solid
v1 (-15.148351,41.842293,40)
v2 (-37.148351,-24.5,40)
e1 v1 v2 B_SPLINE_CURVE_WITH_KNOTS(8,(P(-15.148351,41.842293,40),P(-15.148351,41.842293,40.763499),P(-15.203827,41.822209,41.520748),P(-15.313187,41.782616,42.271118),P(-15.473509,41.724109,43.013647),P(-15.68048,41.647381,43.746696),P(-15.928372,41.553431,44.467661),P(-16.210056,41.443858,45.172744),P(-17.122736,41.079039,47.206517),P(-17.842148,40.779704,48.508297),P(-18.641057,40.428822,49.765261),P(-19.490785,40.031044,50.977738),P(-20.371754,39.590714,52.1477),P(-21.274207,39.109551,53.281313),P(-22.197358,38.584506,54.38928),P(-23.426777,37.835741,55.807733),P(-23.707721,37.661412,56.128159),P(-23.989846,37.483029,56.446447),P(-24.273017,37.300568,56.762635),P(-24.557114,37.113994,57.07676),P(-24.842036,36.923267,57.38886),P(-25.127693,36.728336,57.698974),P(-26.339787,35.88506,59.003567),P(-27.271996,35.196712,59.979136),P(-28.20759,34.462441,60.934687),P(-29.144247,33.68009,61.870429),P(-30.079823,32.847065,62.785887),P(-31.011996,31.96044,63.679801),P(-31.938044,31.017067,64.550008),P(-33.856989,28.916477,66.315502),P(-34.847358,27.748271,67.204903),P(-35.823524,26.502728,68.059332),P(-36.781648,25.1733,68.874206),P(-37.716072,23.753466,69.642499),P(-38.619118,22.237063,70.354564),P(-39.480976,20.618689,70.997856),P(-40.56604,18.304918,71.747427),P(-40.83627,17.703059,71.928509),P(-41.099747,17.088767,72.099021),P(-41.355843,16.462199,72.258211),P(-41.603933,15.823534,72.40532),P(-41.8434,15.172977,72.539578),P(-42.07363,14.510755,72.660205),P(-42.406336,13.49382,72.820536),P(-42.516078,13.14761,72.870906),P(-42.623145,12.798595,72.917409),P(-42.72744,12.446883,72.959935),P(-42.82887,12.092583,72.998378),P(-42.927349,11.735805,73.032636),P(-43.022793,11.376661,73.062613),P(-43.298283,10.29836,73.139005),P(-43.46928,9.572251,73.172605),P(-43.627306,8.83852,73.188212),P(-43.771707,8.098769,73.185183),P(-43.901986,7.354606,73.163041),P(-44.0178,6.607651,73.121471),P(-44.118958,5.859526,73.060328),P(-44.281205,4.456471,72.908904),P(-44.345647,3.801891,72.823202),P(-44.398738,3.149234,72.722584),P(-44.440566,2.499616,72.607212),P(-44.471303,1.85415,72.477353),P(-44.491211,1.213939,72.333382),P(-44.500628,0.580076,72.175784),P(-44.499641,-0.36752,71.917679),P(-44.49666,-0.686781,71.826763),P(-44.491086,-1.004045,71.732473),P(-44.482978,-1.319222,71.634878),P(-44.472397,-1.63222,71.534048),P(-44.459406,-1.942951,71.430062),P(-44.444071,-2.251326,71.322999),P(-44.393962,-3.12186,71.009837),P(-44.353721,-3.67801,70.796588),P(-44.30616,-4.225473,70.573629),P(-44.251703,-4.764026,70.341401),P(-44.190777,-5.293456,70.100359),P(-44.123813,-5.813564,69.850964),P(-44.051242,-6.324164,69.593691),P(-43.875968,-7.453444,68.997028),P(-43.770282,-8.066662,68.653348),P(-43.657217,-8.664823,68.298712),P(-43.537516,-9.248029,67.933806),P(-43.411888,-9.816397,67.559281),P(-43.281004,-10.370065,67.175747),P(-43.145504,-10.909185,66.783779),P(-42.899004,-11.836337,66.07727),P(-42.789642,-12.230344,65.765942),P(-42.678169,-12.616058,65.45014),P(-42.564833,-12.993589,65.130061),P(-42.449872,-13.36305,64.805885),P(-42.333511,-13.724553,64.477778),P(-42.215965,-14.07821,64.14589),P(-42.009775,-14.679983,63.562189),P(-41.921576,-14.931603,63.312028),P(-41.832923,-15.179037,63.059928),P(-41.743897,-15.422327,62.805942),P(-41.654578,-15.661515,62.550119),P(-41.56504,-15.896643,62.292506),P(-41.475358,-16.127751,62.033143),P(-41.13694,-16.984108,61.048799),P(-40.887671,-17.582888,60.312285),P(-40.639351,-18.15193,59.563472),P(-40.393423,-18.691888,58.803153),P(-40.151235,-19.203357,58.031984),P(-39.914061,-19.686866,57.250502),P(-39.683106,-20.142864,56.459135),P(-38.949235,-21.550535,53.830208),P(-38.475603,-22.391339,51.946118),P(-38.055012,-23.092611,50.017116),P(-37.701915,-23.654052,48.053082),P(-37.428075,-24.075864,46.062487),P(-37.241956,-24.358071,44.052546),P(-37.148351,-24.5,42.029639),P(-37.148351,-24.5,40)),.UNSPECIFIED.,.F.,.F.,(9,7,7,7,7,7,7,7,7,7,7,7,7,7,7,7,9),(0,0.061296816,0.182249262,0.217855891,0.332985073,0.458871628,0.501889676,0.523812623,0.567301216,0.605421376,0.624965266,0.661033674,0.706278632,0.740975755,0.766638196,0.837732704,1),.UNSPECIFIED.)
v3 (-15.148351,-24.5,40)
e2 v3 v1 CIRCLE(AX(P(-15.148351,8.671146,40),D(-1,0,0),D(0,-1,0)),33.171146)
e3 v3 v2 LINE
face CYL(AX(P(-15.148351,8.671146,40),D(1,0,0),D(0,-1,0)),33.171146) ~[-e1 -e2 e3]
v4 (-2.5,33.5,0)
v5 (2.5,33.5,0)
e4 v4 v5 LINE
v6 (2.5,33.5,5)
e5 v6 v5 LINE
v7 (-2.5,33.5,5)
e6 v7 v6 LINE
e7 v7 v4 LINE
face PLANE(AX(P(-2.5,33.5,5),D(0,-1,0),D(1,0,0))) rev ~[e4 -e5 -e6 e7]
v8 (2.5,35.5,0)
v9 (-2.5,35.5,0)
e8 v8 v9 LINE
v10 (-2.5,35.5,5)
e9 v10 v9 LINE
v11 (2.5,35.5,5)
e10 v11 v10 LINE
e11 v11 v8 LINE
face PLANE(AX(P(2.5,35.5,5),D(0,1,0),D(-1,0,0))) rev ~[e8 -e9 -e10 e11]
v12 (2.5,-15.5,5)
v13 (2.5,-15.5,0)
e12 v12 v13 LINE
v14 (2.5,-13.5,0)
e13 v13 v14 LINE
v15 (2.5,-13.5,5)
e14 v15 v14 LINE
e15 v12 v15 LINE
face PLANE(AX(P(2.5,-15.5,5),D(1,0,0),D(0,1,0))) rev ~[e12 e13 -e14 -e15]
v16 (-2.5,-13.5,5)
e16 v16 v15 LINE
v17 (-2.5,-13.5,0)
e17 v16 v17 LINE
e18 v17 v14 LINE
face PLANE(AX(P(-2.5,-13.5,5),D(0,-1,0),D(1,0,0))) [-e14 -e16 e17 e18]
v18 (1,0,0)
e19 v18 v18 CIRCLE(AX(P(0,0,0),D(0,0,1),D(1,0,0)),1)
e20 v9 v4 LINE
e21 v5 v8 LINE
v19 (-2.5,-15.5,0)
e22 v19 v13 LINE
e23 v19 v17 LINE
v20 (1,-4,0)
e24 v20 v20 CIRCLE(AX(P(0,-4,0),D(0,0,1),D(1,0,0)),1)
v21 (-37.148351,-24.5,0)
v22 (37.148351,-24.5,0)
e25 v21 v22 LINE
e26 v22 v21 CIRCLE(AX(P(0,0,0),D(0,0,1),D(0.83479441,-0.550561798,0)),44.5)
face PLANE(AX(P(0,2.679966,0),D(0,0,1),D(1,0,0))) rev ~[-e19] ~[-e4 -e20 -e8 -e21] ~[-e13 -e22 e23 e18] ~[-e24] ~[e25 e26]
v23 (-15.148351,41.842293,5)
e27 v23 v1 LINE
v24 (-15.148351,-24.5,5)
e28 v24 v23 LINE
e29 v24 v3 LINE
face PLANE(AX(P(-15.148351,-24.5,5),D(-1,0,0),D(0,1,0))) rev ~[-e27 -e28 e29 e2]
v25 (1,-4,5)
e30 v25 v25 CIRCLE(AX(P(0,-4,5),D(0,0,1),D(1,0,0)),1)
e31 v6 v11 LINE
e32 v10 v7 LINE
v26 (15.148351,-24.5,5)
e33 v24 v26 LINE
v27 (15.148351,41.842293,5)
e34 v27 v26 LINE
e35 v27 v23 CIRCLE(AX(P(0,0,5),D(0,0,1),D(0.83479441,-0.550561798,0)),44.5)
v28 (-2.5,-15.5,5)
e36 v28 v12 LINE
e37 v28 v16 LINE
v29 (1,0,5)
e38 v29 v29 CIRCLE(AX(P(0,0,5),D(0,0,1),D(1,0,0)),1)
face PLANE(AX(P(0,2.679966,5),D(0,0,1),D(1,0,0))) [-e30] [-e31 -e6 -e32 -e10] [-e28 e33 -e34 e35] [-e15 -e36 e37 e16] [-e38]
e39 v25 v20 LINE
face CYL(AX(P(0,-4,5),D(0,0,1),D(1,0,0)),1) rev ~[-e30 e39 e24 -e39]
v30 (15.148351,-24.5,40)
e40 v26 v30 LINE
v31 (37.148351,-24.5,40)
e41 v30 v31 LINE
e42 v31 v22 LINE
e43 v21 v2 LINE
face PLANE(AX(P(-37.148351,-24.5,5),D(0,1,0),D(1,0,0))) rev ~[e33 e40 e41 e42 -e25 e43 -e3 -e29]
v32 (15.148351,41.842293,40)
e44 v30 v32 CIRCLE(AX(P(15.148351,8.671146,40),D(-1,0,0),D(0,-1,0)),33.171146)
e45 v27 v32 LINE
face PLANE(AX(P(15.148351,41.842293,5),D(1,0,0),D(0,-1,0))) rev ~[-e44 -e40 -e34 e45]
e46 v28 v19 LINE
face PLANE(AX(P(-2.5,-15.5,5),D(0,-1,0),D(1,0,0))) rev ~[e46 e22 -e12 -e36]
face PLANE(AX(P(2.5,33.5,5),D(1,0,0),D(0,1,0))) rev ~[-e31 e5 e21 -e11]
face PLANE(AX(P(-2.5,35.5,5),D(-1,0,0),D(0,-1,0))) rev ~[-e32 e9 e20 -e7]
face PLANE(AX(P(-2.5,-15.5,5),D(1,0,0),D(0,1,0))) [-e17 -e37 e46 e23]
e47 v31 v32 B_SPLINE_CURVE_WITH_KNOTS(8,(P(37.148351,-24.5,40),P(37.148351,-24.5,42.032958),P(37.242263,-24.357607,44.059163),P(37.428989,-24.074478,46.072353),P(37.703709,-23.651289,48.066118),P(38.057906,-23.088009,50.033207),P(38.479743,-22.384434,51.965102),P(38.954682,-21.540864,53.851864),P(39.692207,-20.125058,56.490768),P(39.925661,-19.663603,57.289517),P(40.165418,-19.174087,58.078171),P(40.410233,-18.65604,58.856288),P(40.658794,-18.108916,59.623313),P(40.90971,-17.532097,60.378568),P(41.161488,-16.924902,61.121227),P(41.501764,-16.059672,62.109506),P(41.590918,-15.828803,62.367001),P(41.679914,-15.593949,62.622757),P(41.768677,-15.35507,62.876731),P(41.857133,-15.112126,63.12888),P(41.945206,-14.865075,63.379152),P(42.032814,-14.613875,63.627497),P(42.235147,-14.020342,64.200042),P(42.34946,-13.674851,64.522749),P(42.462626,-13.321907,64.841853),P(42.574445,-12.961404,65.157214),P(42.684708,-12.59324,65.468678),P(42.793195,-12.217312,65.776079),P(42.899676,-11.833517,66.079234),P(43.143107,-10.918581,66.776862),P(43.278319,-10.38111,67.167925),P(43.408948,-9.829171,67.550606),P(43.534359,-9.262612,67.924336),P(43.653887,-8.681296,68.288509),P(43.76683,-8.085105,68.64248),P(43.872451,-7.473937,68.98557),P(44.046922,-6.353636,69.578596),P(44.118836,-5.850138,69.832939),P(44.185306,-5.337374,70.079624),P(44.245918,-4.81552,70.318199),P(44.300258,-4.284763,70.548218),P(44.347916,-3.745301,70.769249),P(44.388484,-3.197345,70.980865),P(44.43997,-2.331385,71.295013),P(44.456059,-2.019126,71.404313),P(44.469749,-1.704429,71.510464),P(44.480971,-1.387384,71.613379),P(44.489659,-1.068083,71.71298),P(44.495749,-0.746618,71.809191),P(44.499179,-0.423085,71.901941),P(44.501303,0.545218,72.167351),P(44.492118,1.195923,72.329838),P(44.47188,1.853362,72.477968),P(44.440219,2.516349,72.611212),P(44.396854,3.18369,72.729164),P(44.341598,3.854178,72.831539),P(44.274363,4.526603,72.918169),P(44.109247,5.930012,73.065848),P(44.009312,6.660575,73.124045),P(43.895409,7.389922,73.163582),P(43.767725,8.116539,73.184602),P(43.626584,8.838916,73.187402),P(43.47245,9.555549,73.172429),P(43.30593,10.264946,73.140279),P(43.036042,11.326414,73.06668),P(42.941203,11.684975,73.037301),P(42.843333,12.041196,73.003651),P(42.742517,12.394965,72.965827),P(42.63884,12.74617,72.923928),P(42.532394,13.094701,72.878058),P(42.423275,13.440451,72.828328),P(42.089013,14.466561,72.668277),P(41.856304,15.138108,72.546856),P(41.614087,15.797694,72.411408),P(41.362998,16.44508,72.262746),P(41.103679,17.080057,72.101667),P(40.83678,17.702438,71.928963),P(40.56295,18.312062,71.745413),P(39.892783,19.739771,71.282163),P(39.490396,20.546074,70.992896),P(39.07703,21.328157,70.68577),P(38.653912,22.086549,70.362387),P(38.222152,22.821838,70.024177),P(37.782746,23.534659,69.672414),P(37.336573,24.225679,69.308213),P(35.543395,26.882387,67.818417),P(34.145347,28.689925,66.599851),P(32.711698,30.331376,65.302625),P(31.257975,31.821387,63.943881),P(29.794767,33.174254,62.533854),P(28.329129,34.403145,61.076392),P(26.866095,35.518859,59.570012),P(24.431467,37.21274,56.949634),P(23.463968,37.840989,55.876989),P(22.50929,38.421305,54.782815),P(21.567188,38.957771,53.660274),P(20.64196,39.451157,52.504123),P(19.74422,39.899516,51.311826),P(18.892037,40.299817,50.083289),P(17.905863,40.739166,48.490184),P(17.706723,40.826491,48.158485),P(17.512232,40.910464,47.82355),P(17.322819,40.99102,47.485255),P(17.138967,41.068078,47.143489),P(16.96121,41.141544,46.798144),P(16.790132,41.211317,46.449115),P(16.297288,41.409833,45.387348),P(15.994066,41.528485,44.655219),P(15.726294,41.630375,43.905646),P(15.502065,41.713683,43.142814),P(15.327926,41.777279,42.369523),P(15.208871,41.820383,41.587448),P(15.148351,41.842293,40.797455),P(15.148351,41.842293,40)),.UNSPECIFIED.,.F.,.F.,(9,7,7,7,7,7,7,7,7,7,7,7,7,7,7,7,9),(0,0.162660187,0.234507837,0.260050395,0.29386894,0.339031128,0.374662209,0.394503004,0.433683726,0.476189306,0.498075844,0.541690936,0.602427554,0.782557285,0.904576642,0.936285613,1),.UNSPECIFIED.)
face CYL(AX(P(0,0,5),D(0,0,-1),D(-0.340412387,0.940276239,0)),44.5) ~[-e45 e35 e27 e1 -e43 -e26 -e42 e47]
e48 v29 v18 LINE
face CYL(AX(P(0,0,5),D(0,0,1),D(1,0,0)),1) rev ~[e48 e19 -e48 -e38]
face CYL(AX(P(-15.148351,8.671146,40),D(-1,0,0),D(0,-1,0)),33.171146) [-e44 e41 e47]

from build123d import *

# Parameters (mm, degrees)
F1_DEPTH  = 5
F3_DEPTH  = 70
F5_DEPTH  = 29.352648758
F6_DEPTH  = 59.649351342
F7_W      = 5
F7_H      = 2
F8_DEPTH  = 5.0010001
F9_R      = 1
F10_DEPTH = 5.0010001


with BuildPart() as f1:
    # F0 (on Top) → F1 (new body)
    with BuildSketch(Plane.XY):
        with BuildLine():
            ThreePointArc((37.148351242, -24.5), (0, 44.5), (-37.148351242, -24.5))
            Line((-37.148351242, -24.5), (37.148351242, -24.5))
        make_face()
    extrude(amount=F1_DEPTH)

    # F2 (on face) → F3 (join)
    with BuildSketch(Plane.XY.offset(5)):
        with BuildLine():
            ThreePointArc((-15.148351242, 41.8422926553), (-42.2381488866, 14.0067404715), (-37.148351242, -24.5))
            Line((-37.148351242, -24.5), (-15.148351242, -24.5))
            Line((-15.148351242, -24.5), (-15.148351242, 41.8422926553))
        make_face()
        with BuildLine():
            Line((15.148351242, 41.8422926553), (15.148351242, -24.5))
            Line((15.148351242, -24.5), (37.148351242, -24.5))
            ThreePointArc((37.148351242, -24.5), (42.2381488866, 14.0067404715), (15.148351242, 41.8422926553))
        make_face()
    extrude(amount=F3_DEPTH)

    # F4 (on face) → F5 (cut, through all)
    with BuildSketch(Plane.YZ.offset(-15.148351242)):
        with BuildLine():
            ThreePointArc((-24.5, 40), (8.6711463276, 73.1711463276), (41.8422926553, 40))
            Line((41.8422926553, 40), (58.5, 40))
            Line((58.5, 40), (58.5, 90))
            Line((58.5, 90), (-45.5, 90))
            Line((-45.5, 90), (-45.5, 40))
            Line((-45.5, 40), (-24.5, 40))
        make_face()
    extrude(amount=-F5_DEPTH, mode=Mode.SUBTRACT)

    # F4 (on face) → F6 (cut, through all)
    with BuildSketch(Plane.YZ.offset(-15.148351242)):
        with BuildLine():
            ThreePointArc((-24.5, 40), (8.6711463276, 73.1711463276), (41.8422926553, 40))
            Line((41.8422926553, 40), (58.5, 40))
            Line((58.5, 40), (58.5, 90))
            Line((58.5, 90), (-45.5, 90))
            Line((-45.5, 90), (-45.5, 40))
            Line((-45.5, 40), (-24.5, 40))
        make_face()
    extrude(amount=F6_DEPTH, mode=Mode.SUBTRACT)

    # F7 (on face) → F8 (cut, through all)
    with BuildSketch(Plane.XY.offset(5)):
        Polygon((-2.5, 33.5), (0, 33.5), (2.5, 33.5), (2.5, 35.5), (-2.5, 35.5), align=None)
        with Locations((0, -14.5)):
            Rectangle(F7_W, F7_H)
    extrude(amount=-F8_DEPTH, mode=Mode.SUBTRACT)

    # F9 (on face) → F10 (cut, through all)
    with BuildSketch(Plane.XY.offset(5)):
        Circle(F9_R)
        with Locations((0, -4)):
            Circle(F9_R)
    extrude(amount=-F10_DEPTH, mode=Mode.SUBTRACT)


solid = f1.part
